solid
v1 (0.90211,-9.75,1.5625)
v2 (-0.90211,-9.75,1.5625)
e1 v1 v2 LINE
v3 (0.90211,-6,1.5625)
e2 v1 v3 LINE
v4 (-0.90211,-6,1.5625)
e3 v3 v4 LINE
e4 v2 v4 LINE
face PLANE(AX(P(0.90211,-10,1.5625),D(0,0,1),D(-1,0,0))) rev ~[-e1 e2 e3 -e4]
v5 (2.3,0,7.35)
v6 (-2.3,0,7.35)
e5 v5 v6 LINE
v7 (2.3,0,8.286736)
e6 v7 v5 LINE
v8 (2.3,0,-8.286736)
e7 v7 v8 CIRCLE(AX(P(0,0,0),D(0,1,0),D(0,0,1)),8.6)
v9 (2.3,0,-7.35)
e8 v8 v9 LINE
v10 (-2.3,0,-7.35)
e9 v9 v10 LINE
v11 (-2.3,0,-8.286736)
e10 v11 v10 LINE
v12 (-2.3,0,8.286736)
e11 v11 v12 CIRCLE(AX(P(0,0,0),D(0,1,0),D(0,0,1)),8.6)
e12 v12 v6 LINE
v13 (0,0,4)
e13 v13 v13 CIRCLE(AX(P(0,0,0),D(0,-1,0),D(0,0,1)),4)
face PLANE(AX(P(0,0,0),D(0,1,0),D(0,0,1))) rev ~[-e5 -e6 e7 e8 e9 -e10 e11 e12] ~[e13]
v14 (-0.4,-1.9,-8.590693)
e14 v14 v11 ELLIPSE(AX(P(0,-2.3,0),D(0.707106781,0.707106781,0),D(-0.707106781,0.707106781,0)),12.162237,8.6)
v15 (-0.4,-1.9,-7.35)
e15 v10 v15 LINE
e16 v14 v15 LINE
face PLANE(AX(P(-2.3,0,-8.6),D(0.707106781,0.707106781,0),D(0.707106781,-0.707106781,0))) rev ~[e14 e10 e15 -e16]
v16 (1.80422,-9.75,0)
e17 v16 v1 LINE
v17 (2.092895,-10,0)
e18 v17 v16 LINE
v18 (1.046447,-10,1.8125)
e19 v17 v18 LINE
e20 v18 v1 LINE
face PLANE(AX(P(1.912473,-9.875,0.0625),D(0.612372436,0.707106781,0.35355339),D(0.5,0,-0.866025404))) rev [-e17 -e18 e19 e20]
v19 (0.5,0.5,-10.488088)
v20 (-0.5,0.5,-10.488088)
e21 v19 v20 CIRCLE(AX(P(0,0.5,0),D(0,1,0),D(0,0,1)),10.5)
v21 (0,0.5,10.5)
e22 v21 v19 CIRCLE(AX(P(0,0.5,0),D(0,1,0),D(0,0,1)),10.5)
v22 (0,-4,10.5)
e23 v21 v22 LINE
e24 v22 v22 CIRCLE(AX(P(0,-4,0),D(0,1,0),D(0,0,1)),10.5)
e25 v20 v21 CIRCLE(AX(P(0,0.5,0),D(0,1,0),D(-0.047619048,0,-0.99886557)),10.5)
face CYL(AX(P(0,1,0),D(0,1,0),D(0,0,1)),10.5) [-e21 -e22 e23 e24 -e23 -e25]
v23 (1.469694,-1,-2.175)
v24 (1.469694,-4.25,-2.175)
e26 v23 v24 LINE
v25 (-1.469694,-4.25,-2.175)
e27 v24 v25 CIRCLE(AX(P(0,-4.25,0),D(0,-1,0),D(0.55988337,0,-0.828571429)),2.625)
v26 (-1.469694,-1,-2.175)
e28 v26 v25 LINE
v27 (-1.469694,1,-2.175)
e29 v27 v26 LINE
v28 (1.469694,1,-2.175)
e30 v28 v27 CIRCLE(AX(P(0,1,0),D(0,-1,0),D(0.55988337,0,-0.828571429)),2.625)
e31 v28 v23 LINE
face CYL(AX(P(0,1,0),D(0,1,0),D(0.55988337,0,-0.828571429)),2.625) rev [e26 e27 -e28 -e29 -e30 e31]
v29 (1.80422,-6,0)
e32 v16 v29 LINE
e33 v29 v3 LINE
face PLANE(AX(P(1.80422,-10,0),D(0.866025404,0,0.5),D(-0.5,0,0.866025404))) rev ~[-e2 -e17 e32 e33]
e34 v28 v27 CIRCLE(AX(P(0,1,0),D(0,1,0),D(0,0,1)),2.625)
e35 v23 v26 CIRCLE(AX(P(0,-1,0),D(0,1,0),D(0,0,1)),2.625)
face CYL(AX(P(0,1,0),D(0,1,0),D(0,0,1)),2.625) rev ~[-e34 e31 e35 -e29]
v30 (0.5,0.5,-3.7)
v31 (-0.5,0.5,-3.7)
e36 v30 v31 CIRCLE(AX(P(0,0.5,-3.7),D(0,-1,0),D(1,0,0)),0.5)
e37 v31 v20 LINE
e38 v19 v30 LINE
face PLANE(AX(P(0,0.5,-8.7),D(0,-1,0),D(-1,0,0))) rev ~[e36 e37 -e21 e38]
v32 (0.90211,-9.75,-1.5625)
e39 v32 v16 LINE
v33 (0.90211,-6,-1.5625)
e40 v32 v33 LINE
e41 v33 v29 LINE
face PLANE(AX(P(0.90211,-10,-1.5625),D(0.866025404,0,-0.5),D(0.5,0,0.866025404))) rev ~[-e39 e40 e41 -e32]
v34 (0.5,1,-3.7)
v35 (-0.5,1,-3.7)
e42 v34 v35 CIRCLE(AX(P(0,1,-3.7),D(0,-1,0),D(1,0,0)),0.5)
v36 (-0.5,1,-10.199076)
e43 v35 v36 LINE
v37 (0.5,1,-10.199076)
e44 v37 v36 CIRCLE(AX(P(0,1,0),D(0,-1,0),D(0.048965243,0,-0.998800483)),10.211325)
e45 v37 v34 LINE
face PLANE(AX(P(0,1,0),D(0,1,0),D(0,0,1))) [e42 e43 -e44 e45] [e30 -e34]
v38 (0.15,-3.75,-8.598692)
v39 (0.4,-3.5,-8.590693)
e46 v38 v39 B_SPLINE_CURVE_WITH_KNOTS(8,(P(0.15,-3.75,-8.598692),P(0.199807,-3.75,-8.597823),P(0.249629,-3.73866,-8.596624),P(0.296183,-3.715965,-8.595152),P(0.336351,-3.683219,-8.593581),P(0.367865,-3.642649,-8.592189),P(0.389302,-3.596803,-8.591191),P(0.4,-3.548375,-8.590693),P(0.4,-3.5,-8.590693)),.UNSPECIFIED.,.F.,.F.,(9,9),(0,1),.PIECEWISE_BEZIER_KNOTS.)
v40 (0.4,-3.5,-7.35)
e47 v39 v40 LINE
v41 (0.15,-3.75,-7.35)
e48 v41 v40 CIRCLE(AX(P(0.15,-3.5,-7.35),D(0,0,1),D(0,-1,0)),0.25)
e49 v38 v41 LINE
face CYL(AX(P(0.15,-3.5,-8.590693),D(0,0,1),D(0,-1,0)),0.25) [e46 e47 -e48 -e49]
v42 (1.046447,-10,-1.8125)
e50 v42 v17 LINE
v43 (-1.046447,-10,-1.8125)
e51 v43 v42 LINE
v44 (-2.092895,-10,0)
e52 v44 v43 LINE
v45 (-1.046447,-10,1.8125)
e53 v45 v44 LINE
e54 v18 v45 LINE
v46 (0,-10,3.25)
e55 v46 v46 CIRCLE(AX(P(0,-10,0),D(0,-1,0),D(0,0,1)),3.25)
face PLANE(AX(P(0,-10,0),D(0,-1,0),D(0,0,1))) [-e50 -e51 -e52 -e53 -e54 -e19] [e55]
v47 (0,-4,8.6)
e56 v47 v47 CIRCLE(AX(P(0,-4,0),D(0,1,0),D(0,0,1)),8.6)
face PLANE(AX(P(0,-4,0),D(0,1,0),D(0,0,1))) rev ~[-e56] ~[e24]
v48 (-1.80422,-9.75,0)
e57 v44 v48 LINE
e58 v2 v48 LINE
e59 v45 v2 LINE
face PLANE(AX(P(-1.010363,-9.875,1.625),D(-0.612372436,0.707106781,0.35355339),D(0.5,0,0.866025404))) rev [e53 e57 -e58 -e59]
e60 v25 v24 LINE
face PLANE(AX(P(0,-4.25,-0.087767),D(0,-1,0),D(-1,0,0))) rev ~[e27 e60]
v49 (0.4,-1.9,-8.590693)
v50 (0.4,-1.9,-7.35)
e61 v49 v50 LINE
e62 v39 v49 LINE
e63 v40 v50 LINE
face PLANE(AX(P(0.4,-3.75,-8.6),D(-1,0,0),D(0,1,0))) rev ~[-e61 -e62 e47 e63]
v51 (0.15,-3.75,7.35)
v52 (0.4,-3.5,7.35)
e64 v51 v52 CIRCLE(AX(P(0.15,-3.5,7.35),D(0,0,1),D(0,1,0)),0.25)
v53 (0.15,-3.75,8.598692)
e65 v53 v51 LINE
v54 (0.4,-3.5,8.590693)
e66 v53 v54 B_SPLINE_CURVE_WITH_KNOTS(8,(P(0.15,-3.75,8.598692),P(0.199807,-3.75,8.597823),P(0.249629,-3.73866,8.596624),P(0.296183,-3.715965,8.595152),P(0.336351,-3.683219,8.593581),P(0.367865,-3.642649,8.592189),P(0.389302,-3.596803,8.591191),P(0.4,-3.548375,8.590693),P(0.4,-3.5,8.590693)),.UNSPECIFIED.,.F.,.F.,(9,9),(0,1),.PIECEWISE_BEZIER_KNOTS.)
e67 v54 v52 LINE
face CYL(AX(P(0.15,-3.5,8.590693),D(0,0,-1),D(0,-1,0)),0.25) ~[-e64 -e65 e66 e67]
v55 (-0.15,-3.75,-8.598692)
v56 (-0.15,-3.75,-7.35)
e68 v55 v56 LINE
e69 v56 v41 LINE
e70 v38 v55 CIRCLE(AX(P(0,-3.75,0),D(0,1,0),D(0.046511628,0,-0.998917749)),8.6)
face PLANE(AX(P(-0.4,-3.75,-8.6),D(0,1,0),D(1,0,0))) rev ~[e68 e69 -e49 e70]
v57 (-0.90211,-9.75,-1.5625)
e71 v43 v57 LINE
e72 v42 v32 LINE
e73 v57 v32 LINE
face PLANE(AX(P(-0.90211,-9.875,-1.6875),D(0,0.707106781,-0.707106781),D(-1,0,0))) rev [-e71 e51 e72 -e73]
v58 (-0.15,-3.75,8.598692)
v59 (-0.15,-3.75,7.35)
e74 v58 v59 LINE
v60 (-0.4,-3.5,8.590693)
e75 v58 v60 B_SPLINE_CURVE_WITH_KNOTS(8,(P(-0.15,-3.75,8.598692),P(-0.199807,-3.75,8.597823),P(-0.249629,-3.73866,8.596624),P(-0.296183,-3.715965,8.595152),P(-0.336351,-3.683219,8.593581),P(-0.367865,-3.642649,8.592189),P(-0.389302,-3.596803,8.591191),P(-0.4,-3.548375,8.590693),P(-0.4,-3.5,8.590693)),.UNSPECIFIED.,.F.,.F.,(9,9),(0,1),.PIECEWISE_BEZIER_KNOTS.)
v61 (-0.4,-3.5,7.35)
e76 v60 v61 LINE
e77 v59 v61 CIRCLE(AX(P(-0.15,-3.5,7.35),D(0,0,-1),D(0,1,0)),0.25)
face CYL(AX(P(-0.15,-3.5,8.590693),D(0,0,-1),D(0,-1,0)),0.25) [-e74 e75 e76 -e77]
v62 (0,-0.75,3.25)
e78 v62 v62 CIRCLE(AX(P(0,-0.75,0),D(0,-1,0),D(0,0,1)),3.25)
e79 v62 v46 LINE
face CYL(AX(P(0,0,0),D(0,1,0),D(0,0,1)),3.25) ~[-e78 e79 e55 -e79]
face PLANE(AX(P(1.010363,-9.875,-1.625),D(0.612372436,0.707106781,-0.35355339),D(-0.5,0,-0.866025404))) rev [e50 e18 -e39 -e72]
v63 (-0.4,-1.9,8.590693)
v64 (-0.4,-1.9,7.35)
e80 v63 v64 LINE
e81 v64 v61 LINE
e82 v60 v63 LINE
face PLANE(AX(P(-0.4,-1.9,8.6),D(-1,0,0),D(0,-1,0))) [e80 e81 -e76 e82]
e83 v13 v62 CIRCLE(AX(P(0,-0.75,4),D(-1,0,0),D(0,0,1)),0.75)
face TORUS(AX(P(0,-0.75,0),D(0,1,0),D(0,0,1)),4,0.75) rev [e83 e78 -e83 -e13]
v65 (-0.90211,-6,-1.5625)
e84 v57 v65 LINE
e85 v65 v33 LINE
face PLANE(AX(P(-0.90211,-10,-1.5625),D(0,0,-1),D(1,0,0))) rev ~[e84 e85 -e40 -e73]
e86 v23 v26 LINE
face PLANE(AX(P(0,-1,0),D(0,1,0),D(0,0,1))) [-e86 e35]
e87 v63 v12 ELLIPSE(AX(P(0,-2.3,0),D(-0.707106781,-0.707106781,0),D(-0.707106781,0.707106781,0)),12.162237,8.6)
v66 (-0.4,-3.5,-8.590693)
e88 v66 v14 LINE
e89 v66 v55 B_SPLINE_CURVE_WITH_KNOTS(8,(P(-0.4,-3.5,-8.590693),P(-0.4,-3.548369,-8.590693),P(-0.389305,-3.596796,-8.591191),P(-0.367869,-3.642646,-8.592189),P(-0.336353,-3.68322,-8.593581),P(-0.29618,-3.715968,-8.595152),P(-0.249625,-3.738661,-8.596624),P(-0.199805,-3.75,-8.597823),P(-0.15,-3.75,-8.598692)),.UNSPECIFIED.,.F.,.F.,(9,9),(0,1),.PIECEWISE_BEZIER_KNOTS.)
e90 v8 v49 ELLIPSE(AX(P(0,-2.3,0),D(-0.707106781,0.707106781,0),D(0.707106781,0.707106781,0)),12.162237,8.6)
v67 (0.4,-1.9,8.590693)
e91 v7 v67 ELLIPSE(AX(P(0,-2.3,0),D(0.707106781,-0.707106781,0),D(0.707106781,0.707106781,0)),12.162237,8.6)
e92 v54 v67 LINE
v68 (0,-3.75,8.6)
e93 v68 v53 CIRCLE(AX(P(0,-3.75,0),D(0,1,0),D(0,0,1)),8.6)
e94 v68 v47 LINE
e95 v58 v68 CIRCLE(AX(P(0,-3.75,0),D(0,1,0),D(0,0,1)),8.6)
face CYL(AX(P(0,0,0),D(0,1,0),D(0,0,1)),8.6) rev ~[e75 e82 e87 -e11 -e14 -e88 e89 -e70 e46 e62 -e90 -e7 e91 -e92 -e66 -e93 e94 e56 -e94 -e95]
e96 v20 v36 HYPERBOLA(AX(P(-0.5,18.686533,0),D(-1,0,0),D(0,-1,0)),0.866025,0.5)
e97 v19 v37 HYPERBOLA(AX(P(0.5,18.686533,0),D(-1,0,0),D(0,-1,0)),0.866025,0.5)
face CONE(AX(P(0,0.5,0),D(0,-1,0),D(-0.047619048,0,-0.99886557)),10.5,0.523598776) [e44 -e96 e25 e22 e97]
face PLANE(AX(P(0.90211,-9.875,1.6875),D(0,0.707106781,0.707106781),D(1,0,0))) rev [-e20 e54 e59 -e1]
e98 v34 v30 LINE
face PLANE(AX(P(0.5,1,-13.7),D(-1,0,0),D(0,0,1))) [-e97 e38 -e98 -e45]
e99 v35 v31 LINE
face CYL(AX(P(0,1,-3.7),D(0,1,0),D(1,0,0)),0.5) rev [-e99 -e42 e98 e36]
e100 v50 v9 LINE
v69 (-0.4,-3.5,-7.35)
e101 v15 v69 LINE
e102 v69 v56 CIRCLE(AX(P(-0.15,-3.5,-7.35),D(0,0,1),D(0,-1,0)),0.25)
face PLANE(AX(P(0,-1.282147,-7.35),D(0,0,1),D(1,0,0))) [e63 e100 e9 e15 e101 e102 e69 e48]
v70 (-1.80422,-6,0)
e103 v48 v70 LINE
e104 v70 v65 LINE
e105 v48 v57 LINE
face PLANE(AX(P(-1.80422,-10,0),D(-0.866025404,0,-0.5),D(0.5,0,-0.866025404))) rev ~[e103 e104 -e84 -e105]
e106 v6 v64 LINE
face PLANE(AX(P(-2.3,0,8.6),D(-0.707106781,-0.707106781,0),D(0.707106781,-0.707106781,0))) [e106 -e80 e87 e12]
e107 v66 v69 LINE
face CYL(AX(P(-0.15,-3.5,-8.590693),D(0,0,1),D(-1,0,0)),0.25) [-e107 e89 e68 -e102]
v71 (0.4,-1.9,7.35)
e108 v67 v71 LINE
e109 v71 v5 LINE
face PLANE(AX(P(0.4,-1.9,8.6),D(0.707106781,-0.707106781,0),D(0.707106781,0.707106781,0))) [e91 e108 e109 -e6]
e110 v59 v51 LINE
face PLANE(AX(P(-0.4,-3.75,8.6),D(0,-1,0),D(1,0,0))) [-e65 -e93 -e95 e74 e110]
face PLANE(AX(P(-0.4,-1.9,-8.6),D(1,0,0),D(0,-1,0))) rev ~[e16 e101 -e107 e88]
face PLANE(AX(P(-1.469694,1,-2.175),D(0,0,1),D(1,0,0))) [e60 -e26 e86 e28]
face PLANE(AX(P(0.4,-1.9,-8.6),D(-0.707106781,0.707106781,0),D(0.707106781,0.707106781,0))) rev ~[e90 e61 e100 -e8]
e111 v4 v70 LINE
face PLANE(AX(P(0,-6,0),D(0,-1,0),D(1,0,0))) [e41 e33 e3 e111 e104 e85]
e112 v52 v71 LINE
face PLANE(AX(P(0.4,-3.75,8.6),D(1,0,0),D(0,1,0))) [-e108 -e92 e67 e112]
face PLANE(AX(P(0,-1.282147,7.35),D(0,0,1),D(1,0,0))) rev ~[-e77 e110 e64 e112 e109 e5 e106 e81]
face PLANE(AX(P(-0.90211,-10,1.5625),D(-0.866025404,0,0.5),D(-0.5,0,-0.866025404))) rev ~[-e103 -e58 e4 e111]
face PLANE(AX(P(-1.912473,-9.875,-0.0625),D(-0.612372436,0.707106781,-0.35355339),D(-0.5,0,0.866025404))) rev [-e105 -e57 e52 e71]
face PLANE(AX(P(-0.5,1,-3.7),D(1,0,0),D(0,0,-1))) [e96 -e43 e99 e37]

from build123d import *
from build123d.topology import SkipClean

# Parameters (mm, degrees)
SKETCH1_R           = 10.5
SKETCH1_R_2         = 8.6
BOSS_EXTRUDE1_DEPTH = 4
BOSS_EXTRUDE2_DEPTH = 1.25
BOSS_EXTRUDE3_START = 17.2
BOSS_EXTRUDE3_DEPTH = 1.25
BOSS_EXTRUDE4_START = 1
SKETCH3_R           = 10.5
BOSS_EXTRUDE4_DEPTH = 1
SKETCH5_R           = 3.25
BOSS_EXTRUDE5_DEPTH = 10
FILLET2_R           = 0.75
CUT_EXTRUDE1_DEPTH  = 5.25
FILLET1_R           = 0.25
SKETCH7_R           = 2.625
CUT_EXTRUDE2_DEPTH  = 2
CUT_EXTRUDE3_DEPTH  = 0.5
CUT_EXTRUDE4_DEPTH  = 4
CHAMFER2_SIZE       = 0.25
CHAMFER3_SIZE       = 0.5
CHAMFER3_SIZE2      = 0.288675135


with BuildPart() as part:
    # Sketch1 → Boss-Extrude1 (new body)
    with BuildSketch(Plane(origin=(0, 0, 0), x_dir=(1, 0, 0), z_dir=(0, 1, 0))):
        with Locations(Location((0, 0, 0), (0, 0, 270))):
            Circle(SKETCH1_R)
        with Locations(Location((0, 0, 0), (0, 0, 270))):
            Circle(SKETCH1_R_2, mode=Mode.SUBTRACT)
    extrude(amount=-BOSS_EXTRUDE1_DEPTH)

    # Sketch2 → Boss-Extrude2 (add)
    with BuildSketch(Plane(origin=(0, 0, 8.6), x_dir=(-1, 0, 0), z_dir=(0, 0, -1))):
        Polygon((0.4, -3.75), (-0.4, -3.75), (-0.4, -1.9), (-2.3, 0), (2.3, 0), (0.4, -1.9), align=None)
    extrude(amount=BOSS_EXTRUDE2_DEPTH)

    # Sketch2<2> → Boss-Extrude3 (add)
    with BuildSketch(Plane(origin=(0, 0, 8.6), x_dir=(-1, 0, 0), z_dir=(0, 0, -1)).offset(BOSS_EXTRUDE3_START)):
        Polygon((0.4, -3.75), (-0.4, -3.75), (-0.4, -1.9), (-2.3, 0), (2.3, 0), (0.4, -1.9), align=None)
    extrude(amount=-BOSS_EXTRUDE3_DEPTH)

    # Sketch3 → Boss-Extrude4 (add)
    with BuildSketch(Plane(origin=(0, 0, 0), x_dir=(1, 0, 0), z_dir=(0, 1, 0)).offset(BOSS_EXTRUDE4_START)):
        with Locations(Location((0, 0, 0), (0, 0, 270))):
            Circle(SKETCH3_R)
    extrude(amount=-BOSS_EXTRUDE4_DEPTH)

    # Sketch5 → Boss-Extrude5 (add)
    with BuildSketch(Plane.XZ):
        with Locations(Location((0, 0, 0), (0, 0, 90))):
            Circle(SKETCH5_R)
    extrude(amount=BOSS_EXTRUDE5_DEPTH)

    # Fillet2
    fillet2_edges = [part.edges().sort_by_distance(p)[0] for p in [
        (0, 0, -3.25),
    ]]
    fillet(fillet2_edges, radius=FILLET2_R)

    # Sketch4 → Cut-Extrude1 (cut)
    with BuildSketch(Plane(origin=(0, 1, 0), x_dir=(1, 0, 0), z_dir=(0, 1, 0))):
        with BuildLine():
            Line((-1.469693846, 2.175), (1.469693846, 2.175))
            ThreePointArc((1.469693846, 2.175), (0, -2.625), (-1.469693846, 2.175))
        make_face()
    extrude(amount=-CUT_EXTRUDE1_DEPTH, mode=Mode.SUBTRACT)

    # Fillet1
    fillet1_edges = [part.edges().sort_by_distance(p)[0] for p in [
        (-0.4, -3.75, 7.970346319),
        (0.4, -3.75, 7.970346319),
        (-0.4, -3.75, -7.970346319),
        (0.4, -3.75, -7.970346319),
    ]]
    fillet(fillet1_edges, radius=FILLET1_R)

    # Sketch7 → Cut-Extrude2 (cut)
    with SkipClean():  # the faces are left unmerged after this step: merging them gives an invalid solid
        with BuildSketch(Plane(origin=(0, 1, 0), x_dir=(1, 0, 0), z_dir=(0, 1, 0))):
            with Locations(Location((0, 0, 0), (0, 0, 270))):
                Circle(SKETCH7_R)
        extrude(amount=-CUT_EXTRUDE2_DEPTH, mode=Mode.SUBTRACT)

    # Sketch9 → Cut-Extrude3 (cut)
    with SkipClean():  # the faces are left unmerged after this step: merging them gives an invalid solid
        with BuildSketch(Plane(origin=(0, 1, 0), x_dir=(1, 0, 0), z_dir=(0, 1, 0))):
            with BuildLine():
                Line((-0.5, 3.7), (-0.5, 13.7))
                ThreePointArc((-0.5, 13.7), (0, 14.2), (0.5, 13.7))
                Line((0.5, 13.7), (0.5, 3.7))
                ThreePointArc((0.5, 3.7), (0, 3.2), (-0.5, 3.7))
            make_face()
        extrude(amount=-CUT_EXTRUDE3_DEPTH, mode=Mode.SUBTRACT)

    # Sketch10 → Cut-Extrude4 (cut)
    with SkipClean():  # the faces are left unmerged after this step: merging them gives an invalid solid
        with BuildSketch(Plane.XZ.offset(10)):
            Polygon((1.804219591, 0), (0.902109796, 1.5625), (-0.902109796, 1.5625), (-1.804219591, 0), (-0.902109796, -1.5625), (0.902109796, -1.5625), align=None)
        extrude(amount=-CUT_EXTRUDE4_DEPTH, mode=Mode.SUBTRACT)

    # Chamfer2
    chamfer2_edges = [part.edges().sort_by_distance(p)[0] for p in [
        (1.353164693, -10, -0.78125),
        (1.353164693, -10, 0.78125),
        (0, -10, 1.5625),
        (-1.353164693, -10, 0.78125),
        (-1.353164693, -10, -0.78125),
        (0, -10, -1.5625),
    ]]
    chamfer(chamfer2_edges, length=CHAMFER2_SIZE)

    # Chamfer3
    chamfer3_edges = [part.edges().sort_by_distance(p)[0] for p in [
        (-10.497021698, 1, 0.250070932),
    ]]
    chamfer3_side = [part.faces().sort_by_distance(p)[0] for p in [
        (0, -1.5, -10.5),
    ]]
    chamfer(chamfer3_edges, length=CHAMFER3_SIZE, length2=CHAMFER3_SIZE2, reference=chamfer3_side[0])


solid = part.part
